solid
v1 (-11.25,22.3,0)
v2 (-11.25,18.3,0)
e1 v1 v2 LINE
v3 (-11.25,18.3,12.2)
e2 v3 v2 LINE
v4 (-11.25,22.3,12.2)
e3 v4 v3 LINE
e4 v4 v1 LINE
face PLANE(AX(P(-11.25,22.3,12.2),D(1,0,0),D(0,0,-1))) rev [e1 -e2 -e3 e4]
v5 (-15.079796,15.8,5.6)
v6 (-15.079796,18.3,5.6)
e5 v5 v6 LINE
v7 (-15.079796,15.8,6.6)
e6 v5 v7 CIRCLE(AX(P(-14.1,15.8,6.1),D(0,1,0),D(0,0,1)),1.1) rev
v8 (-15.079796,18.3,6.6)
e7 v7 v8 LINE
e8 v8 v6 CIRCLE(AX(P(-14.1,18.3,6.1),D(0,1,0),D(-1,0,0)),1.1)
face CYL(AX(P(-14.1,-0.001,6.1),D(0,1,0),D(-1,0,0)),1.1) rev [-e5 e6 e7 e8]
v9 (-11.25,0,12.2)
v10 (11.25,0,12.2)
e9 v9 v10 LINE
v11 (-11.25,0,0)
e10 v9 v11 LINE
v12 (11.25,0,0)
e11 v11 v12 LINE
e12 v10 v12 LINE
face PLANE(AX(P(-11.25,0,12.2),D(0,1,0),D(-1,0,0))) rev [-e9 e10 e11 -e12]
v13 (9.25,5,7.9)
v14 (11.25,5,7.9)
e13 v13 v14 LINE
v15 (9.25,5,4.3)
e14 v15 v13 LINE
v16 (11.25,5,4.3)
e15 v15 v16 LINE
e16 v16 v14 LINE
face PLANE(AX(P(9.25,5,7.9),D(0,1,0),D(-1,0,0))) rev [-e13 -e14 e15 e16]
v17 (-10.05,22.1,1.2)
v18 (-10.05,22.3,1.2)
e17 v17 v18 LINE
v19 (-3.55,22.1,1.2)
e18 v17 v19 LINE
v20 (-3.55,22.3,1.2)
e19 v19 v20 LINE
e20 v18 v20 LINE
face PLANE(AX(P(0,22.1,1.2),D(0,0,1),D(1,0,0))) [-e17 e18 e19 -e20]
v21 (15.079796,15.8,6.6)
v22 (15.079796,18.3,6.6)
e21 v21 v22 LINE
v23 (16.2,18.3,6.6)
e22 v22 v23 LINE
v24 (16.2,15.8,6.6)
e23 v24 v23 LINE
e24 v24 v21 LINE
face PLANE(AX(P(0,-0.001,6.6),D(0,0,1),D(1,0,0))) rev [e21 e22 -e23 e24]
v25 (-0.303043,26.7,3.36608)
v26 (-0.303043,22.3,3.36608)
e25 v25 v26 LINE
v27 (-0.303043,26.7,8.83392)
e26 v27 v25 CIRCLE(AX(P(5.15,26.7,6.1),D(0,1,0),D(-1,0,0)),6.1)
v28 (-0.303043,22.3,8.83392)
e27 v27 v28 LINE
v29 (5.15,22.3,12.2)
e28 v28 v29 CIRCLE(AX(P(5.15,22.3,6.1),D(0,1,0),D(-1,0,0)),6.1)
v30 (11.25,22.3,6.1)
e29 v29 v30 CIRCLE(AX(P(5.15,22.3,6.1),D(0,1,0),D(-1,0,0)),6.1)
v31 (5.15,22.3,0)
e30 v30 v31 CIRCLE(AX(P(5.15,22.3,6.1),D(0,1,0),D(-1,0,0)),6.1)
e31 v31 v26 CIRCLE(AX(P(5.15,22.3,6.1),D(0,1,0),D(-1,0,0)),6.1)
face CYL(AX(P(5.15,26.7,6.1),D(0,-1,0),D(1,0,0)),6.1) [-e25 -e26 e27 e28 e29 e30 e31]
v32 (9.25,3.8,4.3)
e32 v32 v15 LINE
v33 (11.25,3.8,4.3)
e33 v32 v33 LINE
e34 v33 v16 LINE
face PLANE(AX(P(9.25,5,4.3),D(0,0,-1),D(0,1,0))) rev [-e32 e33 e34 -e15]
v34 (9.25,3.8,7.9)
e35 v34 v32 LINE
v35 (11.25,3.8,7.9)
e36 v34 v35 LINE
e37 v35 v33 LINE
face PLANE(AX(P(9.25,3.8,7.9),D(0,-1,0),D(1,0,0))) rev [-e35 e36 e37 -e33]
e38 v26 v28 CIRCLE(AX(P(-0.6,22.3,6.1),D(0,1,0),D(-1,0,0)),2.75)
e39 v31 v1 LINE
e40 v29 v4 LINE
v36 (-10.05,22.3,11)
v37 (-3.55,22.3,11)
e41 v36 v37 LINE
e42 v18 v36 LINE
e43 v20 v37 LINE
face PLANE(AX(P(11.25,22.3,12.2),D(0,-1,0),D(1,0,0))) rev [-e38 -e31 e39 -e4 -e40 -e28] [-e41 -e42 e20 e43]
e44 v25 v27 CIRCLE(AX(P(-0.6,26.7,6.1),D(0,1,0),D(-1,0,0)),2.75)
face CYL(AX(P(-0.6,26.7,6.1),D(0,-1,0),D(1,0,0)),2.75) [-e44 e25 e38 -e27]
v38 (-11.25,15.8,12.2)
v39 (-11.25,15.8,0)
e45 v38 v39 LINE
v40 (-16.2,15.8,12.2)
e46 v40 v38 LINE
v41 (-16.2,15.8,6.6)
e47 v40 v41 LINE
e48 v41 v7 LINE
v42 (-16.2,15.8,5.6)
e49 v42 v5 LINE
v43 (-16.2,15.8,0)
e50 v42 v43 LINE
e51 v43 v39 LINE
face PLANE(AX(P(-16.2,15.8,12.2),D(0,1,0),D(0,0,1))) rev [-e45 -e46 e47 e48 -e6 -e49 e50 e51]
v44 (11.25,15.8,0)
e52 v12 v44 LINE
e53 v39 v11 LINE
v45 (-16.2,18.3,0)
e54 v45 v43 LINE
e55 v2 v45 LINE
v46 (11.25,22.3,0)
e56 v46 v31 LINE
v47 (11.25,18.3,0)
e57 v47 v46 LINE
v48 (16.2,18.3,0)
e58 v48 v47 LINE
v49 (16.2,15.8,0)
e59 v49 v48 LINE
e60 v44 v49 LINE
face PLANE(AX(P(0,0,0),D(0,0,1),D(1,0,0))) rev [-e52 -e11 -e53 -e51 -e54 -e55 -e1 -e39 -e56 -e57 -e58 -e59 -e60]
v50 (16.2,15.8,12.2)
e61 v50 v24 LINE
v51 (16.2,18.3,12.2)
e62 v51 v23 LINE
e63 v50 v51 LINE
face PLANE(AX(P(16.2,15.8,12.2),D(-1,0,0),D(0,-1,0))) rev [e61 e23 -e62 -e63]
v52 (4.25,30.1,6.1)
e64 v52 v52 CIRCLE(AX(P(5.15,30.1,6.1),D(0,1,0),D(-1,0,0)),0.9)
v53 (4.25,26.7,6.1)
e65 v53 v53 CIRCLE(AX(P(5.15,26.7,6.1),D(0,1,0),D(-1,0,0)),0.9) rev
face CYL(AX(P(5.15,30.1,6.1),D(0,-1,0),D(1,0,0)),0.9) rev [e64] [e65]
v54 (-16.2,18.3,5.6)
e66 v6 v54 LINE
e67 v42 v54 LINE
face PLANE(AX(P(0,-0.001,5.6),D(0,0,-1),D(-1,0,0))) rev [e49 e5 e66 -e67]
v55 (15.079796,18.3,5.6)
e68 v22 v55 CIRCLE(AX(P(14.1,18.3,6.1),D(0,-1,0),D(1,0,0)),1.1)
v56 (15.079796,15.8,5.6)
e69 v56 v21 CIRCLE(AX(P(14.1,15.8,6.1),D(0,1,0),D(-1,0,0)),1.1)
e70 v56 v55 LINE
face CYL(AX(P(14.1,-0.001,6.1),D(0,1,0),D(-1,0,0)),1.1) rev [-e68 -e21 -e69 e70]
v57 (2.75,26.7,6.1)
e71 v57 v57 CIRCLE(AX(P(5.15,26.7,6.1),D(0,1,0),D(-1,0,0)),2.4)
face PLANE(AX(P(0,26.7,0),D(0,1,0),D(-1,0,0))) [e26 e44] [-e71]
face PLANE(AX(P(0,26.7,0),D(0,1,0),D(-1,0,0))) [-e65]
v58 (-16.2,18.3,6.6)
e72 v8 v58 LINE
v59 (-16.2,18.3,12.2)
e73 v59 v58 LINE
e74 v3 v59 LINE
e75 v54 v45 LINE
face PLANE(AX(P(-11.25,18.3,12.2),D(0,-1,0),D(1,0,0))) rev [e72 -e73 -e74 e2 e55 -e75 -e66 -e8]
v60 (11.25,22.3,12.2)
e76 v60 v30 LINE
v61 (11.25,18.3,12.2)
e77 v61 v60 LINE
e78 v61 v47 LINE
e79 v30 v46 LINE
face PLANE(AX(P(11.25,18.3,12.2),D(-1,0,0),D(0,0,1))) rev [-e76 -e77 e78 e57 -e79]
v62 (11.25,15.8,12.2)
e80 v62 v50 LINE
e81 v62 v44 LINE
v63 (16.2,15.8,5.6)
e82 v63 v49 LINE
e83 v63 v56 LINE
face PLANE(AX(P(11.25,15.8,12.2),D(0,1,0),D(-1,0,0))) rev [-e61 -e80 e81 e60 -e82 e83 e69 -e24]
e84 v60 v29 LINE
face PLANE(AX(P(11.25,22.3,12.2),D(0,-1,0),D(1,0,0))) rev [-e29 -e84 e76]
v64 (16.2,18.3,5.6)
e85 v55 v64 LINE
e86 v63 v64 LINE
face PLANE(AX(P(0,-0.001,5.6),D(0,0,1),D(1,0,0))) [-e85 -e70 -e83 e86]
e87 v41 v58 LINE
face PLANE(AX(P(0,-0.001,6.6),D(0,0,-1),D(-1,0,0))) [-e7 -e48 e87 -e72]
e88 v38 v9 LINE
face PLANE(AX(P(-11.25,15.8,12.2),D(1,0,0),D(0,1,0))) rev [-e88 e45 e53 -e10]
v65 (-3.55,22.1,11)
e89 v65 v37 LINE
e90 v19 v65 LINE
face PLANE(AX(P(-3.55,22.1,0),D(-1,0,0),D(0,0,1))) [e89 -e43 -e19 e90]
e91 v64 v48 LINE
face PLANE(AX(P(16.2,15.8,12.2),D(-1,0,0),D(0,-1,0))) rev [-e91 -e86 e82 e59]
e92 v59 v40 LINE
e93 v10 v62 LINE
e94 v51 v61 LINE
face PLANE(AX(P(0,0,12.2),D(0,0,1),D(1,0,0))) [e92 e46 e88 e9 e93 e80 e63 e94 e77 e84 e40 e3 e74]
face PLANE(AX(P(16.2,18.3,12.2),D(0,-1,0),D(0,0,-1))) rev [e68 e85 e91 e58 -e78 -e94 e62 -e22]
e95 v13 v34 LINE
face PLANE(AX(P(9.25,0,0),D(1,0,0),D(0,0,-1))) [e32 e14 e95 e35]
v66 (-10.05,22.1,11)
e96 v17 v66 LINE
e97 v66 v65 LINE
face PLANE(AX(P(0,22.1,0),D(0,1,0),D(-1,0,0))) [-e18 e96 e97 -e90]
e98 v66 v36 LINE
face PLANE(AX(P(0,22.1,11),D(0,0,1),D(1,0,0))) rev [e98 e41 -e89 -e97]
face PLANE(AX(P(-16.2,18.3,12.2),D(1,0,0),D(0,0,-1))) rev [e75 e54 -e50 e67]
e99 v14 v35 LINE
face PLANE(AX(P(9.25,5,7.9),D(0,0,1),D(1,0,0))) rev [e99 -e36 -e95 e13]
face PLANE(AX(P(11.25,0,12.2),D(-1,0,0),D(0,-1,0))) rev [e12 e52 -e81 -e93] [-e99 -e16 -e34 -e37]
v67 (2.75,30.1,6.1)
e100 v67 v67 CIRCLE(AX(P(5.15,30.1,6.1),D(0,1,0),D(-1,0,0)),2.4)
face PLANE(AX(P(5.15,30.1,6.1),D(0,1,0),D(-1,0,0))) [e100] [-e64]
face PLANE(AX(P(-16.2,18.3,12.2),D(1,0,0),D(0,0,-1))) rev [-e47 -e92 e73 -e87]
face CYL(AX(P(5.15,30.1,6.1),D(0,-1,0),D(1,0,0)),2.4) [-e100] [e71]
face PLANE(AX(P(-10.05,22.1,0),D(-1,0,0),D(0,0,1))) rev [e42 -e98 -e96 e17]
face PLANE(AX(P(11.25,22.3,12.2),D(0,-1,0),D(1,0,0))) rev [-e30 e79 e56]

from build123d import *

# Parameters (mm, degrees)
EXTRUDE_1_DEPTH     = 12.2
SKETCH_3_W          = 3.6
SKETCH_3_H          = 1.2
CUT_EXTRUDE_1_DEPTH = 2
EXTRUDE_2_DEPTH     = 4.4
SKETCH_4_3_W        = 6.5
SKETCH_4_3_H        = 9.8
CUT_EXTRUDE_2_DEPTH = 0.2
SKETCH_5_R          = 2.4
SKETCH_5_R_2        = 0.9
EXTRUDE_3_DEPTH     = 3.4
CUT_EXTRUDE_3_REACH = 29.316


with BuildPart() as part:
    # 草图1 → 凸台-拉伸1 (new body)
    with BuildSketch(Plane.XY):
        Polygon((-11.25, 0), (11.25, 0), (11.25, 15.8), (16.2, 15.8), (16.2, 18.3), (11.25, 18.3), (11.25, 22.3), (-11.25, 22.3), (-11.25, 18.3), (-16.2, 18.3), (-16.2, 15.8), (-11.25, 15.8), align=None)
    extrude(amount=EXTRUDE_1_DEPTH)

    # 草图3 → 切除-拉伸1 (cut)
    with BuildSketch(Plane(origin=(11.25, 0, 0), x_dir=(0, 0, -1), z_dir=(1, 0, 0))):
        with Locations((-6.1, 4.4)):
            Rectangle(SKETCH_3_W, SKETCH_3_H)
    extrude(amount=-CUT_EXTRUDE_1_DEPTH, mode=Mode.SUBTRACT)

    # 草图4 → 凸台-拉伸2 (add)
    with BuildSketch(Plane(origin=(0, 22.3, 0), x_dir=(1, 0, 0), z_dir=(0, 1, 0))):
        with BuildLine():
            ThreePointArc((-0.303043478, -8.833919681), (11.25, -6.1), (-0.303043478, -3.366080319))
            ThreePointArc((-0.303043478, -3.366080319), (-3.35, -6.1), (-0.303043478, -8.833919681))
        make_face()
    extrude(amount=EXTRUDE_2_DEPTH)

    # 草图4<3> → 切除-拉伸2 (cut)
    with BuildSketch(Plane(origin=(0, 22.3, 0), x_dir=(1, 0, 0), z_dir=(0, 1, 0))):
        with Locations((-6.8, -6.1)):
            Rectangle(SKETCH_4_3_W, SKETCH_4_3_H)
    extrude(amount=-CUT_EXTRUDE_2_DEPTH, mode=Mode.SUBTRACT)

    # 草图5 → 凸台-拉伸3 (add)
    with BuildSketch(Plane(origin=(0, 26.7, 0), x_dir=(1, 0, 0), z_dir=(0, 1, 0))):
        with Locations((5.15, -6.1)):
            Circle(SKETCH_5_R)
        with Locations((5.15, -6.1)):
            Circle(SKETCH_5_R_2, mode=Mode.SUBTRACT)
    extrude(amount=EXTRUDE_3_DEPTH)

    # 草图6 → 切除-拉伸3 (cut, up to next)
    with BuildSketch(Plane(origin=(0, 18.3, 0), x_dir=(1, 0, 0), z_dir=(0, 1, 0)), mode=Mode.PRIVATE) as cut_extrude_3_sk1:
        with BuildLine():
            Line((-16.2, -6.6), (-15.079795897, -6.6))
            ThreePointArc((-15.079795897, -6.6), (-13, -6.1), (-15.079795897, -5.6))
            Line((-15.079795897, -5.6), (-16.2, -5.6))
            Line((-16.2, -5.6), (-16.2, -6.6))
        make_face()
    cut_extrude_3_tool1 = extrude(cut_extrude_3_sk1.sketch, amount=-CUT_EXTRUDE_3_REACH, mode=Mode.PRIVATE) & part.part
    cut_extrude_3 = cut_extrude_3_tool1.solids().sort_by_distance((-14.439154, 18.3, 6.1))[0]
    add(cut_extrude_3, mode=Mode.SUBTRACT)

    # 镜向1: 切除-拉伸3 across plane
    add(cut_extrude_3.mirror(Plane(origin=(0, 0, 0), x_dir=(0, 0, 1), z_dir=(1, 0, 0))), mode=Mode.SUBTRACT)


solid = part.part
